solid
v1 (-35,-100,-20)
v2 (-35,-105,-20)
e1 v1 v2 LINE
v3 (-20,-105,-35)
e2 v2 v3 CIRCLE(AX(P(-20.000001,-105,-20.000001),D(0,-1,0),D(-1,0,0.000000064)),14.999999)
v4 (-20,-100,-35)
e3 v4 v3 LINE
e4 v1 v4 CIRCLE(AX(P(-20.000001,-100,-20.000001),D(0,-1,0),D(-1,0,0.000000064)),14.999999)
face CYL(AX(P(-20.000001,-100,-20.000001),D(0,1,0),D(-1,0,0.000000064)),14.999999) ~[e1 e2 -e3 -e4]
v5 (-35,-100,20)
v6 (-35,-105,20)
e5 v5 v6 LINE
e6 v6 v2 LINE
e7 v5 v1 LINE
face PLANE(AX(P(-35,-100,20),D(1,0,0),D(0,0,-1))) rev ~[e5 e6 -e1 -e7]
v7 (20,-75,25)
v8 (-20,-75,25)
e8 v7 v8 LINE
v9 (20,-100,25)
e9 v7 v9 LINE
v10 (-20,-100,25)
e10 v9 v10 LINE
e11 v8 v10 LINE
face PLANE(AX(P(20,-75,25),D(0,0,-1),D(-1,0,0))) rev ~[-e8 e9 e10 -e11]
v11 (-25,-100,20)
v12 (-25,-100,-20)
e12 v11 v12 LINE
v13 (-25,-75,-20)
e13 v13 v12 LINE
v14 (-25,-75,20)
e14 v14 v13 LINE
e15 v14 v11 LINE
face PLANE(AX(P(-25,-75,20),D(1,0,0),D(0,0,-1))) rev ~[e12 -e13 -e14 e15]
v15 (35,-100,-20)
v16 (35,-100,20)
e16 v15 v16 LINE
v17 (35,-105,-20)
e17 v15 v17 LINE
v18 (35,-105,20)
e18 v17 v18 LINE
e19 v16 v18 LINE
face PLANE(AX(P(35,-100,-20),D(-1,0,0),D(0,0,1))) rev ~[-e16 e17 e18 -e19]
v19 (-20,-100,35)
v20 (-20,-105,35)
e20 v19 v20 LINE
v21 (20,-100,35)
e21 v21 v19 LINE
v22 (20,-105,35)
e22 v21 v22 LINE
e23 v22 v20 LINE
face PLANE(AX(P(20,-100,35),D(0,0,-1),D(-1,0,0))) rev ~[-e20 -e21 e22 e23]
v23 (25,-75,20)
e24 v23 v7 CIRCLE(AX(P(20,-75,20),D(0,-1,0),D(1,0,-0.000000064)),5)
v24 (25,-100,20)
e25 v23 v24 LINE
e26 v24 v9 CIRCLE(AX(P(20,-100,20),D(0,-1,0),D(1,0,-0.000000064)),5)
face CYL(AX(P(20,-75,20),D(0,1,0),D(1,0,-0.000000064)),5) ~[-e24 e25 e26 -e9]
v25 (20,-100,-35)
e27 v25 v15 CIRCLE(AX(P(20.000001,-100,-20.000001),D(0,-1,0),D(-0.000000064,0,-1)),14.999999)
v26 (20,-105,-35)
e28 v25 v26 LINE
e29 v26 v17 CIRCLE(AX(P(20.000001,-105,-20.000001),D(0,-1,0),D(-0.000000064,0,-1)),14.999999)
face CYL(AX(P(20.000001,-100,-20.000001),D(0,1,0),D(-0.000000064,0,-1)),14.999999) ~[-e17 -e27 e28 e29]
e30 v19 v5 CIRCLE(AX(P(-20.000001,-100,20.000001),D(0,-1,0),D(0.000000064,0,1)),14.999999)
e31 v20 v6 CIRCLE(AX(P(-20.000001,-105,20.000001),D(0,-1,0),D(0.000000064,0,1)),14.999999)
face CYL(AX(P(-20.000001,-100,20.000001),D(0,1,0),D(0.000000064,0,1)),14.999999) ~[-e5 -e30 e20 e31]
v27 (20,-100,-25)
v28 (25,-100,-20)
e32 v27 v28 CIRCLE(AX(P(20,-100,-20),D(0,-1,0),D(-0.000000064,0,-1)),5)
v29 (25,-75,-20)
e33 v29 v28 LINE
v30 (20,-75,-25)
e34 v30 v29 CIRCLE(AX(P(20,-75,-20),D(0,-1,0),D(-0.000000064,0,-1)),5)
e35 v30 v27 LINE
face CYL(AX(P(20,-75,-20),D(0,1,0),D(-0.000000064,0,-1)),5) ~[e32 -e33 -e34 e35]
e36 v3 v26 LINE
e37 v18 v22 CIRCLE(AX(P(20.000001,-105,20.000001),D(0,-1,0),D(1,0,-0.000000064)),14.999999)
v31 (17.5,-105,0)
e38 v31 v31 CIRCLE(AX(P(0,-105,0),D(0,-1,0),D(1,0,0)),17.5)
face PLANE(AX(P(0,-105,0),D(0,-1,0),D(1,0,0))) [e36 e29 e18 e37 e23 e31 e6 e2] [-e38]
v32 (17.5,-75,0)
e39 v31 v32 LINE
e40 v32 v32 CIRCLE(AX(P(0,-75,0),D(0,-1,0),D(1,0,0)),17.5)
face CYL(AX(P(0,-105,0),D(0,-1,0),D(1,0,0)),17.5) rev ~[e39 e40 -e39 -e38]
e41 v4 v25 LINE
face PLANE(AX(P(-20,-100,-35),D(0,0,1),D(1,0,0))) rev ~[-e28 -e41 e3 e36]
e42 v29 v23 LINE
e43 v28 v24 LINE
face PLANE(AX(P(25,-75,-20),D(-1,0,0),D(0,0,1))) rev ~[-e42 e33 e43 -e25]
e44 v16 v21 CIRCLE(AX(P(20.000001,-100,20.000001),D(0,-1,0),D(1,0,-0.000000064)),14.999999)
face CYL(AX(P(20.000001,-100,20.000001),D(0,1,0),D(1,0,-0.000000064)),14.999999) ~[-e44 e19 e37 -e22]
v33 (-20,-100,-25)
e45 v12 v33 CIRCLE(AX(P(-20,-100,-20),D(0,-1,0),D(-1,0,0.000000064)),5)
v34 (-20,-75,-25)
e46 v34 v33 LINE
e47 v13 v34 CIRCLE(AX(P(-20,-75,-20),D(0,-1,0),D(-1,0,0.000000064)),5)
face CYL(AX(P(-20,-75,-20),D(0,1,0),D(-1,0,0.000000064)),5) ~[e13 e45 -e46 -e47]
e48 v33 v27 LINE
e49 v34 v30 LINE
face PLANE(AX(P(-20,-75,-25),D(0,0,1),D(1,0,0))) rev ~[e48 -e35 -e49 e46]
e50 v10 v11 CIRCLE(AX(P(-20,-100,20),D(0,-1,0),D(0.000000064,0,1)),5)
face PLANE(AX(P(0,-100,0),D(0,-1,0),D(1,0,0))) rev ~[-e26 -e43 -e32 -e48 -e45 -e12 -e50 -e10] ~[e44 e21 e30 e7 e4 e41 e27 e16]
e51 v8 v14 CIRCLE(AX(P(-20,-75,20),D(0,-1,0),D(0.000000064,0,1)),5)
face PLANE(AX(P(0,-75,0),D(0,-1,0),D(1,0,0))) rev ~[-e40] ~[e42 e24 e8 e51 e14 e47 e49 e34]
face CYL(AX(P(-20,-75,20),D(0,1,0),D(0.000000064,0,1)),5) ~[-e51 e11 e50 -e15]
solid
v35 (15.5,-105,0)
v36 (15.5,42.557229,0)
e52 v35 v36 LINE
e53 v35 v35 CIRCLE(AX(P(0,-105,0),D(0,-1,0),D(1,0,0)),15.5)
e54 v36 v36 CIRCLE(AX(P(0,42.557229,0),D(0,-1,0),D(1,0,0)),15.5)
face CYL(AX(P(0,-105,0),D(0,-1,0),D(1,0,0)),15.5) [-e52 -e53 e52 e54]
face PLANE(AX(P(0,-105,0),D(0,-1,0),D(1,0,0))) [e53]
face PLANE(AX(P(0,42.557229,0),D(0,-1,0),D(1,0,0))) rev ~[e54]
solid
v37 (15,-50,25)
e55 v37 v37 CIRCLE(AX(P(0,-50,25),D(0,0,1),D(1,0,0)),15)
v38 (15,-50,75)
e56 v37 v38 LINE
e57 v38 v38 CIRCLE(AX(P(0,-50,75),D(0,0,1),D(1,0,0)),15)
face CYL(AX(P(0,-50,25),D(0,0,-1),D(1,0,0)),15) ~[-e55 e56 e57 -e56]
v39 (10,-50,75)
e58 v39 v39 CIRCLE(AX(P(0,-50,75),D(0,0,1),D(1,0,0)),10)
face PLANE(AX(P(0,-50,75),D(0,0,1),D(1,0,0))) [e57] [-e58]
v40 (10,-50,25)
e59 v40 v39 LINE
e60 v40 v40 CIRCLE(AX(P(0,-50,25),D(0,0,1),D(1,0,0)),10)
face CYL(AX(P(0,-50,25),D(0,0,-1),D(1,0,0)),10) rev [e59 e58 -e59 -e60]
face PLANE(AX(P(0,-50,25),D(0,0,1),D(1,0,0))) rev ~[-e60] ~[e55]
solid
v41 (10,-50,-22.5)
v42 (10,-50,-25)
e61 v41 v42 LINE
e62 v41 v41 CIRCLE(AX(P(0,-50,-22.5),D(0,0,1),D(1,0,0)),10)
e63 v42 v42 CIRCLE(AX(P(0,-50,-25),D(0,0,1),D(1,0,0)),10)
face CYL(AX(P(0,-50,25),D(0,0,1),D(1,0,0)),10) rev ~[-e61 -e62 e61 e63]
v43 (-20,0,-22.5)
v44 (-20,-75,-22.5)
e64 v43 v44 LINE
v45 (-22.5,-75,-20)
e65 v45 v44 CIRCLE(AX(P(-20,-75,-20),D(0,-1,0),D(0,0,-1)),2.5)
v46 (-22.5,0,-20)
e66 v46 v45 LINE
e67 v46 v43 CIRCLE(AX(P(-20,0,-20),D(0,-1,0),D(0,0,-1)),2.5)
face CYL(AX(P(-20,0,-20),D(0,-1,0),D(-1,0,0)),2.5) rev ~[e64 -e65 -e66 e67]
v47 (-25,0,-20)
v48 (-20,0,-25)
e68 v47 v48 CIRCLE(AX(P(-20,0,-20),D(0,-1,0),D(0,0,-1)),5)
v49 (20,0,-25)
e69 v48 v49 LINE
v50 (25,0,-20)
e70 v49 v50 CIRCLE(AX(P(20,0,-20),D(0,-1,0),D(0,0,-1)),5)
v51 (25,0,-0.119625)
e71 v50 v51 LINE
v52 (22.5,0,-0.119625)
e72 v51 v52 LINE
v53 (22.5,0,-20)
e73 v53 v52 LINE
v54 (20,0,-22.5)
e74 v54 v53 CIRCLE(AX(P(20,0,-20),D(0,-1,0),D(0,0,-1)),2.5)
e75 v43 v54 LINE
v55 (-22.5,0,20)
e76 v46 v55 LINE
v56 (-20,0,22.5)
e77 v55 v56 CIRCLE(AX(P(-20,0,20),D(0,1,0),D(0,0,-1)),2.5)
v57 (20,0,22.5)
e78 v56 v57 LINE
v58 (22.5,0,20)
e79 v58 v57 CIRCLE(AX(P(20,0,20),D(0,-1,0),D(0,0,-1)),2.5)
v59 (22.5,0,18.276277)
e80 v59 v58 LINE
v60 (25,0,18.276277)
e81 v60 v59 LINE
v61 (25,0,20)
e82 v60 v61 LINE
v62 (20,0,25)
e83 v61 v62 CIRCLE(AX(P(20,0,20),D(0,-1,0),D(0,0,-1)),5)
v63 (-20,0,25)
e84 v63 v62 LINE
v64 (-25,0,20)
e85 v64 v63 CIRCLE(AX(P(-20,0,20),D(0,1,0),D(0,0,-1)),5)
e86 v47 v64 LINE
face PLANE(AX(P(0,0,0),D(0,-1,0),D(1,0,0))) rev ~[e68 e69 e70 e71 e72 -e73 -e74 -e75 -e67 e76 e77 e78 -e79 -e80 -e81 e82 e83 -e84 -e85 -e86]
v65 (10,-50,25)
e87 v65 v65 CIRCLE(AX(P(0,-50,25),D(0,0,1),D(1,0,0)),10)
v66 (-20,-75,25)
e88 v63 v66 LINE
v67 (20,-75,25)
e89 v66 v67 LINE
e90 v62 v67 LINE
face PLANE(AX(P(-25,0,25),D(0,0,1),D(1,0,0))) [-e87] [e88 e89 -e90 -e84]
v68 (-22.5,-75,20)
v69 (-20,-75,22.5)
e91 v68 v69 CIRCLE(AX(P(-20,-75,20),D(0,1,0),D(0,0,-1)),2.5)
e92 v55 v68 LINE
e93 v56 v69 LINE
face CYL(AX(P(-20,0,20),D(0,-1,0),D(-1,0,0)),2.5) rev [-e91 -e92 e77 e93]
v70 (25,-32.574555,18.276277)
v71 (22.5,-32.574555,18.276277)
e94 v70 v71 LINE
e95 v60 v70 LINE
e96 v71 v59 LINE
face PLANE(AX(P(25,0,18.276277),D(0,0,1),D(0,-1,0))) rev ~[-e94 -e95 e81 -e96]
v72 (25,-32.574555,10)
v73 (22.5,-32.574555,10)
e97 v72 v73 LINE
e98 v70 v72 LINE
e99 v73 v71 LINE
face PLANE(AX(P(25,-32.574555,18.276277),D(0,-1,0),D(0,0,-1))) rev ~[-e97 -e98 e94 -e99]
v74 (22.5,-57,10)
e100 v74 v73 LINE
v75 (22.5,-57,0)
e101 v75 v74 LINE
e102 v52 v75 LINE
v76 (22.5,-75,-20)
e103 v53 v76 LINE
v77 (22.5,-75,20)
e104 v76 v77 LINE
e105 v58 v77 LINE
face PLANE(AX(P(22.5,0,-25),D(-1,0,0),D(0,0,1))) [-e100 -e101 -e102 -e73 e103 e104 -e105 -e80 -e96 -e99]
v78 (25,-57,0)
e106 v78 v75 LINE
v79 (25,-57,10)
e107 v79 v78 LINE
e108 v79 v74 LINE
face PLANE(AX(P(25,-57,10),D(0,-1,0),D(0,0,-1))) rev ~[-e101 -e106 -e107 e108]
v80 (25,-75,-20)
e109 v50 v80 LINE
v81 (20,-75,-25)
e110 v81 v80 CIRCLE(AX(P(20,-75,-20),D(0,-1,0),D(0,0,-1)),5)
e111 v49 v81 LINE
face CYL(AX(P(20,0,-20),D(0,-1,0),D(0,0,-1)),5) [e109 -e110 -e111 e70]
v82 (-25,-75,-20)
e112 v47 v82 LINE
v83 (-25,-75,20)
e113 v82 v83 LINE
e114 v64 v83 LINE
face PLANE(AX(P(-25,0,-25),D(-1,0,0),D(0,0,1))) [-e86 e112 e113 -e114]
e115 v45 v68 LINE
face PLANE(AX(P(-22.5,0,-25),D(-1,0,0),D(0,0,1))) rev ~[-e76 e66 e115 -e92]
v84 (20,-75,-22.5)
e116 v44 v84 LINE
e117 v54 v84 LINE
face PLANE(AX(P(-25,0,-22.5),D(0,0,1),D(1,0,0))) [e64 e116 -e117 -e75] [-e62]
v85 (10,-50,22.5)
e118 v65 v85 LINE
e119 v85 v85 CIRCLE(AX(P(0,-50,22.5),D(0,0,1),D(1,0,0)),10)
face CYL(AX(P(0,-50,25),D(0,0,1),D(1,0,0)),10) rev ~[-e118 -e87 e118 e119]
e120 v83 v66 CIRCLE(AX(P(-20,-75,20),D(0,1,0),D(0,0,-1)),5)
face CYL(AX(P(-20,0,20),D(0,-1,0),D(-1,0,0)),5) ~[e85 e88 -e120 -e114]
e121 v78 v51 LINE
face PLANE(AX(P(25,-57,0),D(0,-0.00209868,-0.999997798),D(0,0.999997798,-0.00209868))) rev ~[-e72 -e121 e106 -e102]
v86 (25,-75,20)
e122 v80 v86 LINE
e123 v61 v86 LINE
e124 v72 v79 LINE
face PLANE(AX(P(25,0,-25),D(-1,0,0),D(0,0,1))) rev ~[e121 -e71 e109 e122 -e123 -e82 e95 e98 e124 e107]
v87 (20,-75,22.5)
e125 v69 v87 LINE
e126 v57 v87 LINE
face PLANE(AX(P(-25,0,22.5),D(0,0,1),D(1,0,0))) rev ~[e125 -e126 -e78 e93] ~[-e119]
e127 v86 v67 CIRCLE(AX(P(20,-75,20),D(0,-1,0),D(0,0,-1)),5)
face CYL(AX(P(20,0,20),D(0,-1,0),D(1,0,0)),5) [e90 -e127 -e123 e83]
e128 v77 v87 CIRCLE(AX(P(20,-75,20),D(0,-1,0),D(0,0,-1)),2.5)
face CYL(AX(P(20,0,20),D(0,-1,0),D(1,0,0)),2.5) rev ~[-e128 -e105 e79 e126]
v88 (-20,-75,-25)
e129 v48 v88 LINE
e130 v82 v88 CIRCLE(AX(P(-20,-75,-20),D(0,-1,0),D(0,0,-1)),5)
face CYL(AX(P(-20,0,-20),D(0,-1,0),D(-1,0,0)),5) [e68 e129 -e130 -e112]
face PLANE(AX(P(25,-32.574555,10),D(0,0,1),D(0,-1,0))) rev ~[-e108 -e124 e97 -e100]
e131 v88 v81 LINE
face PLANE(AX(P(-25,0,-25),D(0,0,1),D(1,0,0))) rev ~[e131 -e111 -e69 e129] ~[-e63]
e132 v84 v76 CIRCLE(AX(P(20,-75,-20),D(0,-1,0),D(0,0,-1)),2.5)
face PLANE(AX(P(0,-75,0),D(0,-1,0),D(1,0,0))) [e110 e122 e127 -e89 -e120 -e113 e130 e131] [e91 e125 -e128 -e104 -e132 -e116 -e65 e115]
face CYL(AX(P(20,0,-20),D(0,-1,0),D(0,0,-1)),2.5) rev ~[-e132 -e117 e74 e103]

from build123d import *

# Parameters (mm, degrees)
F0_W      = 50
F0_H      = 50
F1_DEPTH  = 75
F2_R      = 5
F3_T      = -2.5
F4_R      = 10
F5_DEPTH  = 50.001
F7_DEPTH  = 3
F9_DEPTH  = 25
F11_DEPTH = 5
F12_R     = 17.5
F13_DEPTH = 105.001
F14_R     = 15.5
F15_DEPTH = 147.557229
F16_R     = 15
F16_R_2   = 10
F17_DEPTH = 50


with BuildPart() as f1:
    # F0 (on Front) → F1 (new body)
    with BuildSketch(Plane.XZ):
        Rectangle(F0_W, F0_H)
    extrude(amount=F1_DEPTH)

    # F2
    f2_edges = [f1.edges().sort_by_distance(p)[0] for p in [
        (-25, -37.5, -25),
        (25, -37.5, -25),
        (-25, -37.5, 25),
        (25, -37.5, 25),
    ]]
    fillet(f2_edges, radius=F2_R)

    # F3
    f3_openings = [f1.faces().sort_by_distance(p)[0] for p in [
        (0, -75, 0),
        (0, 0, 0),
    ]]
    offset(amount=F3_T, openings=f3_openings)

    # F4 (on face) → F5 (cut, through all)
    with BuildSketch(Plane.XY.offset(25)):
        with Locations((0, -50)):
            Circle(F4_R)
    extrude(amount=-F5_DEPTH, mode=Mode.SUBTRACT)

    # F6 (on face) → F7 (cut)
    with BuildSketch(Plane.YZ.offset(25)):
        Polygon((-57, 10), (-57, 0), (0, -0.119625), (0, 18.276277), (-32.574555, 18.276277), (-32.574555, 10), align=None)
    extrude(amount=-F7_DEPTH, mode=Mode.SUBTRACT)


with BuildPart() as f9:
    # F8 (on face) → F9 (new body)
    with BuildSketch(Plane.XZ.offset(75)):
        with BuildLine():
            ThreePointArc((25, 20), (23.535534, 23.535534), (20, 25))
            Line((20, 25), (-20, 25))
            ThreePointArc((-20, 25), (-23.535534, 23.535534), (-25, 20))
            Line((-25, 20), (-25, -20))
            ThreePointArc((-25, -20), (-23.535534, -23.535534), (-20, -25))
            Line((-20, -25), (20, -25))
            ThreePointArc((20, -25), (23.535534, -23.535534), (25, -20))
            Line((25, -20), (25, 20))
        make_face()
    extrude(amount=F9_DEPTH)

    # F10 (on face) → F11 (join)
    with BuildSketch(Plane.XZ.offset(100)):
        with BuildLine():
            Line((35, -20), (35, 20))
            ThreePointArc((35, 20), (30.606602, 30.606602), (20, 35))
            Line((20, 35), (-20, 35))
            ThreePointArc((-20, 35), (-30.606602, 30.606602), (-35, 20))
            Line((-35, 20), (-35, -20))
            ThreePointArc((-35, -20), (-30.606602, -30.606602), (-20, -35))
            Line((-20, -35), (20, -35))
            ThreePointArc((20, -35), (30.606602, -30.606602), (35, -20))
        make_face()
    extrude(amount=F11_DEPTH)

    # F12 (on face) → F13 (cut, through all)
    with BuildSketch(Plane.XZ.offset(105)):
        Circle(F12_R)
    extrude(amount=-F13_DEPTH, mode=Mode.SUBTRACT)


with BuildPart() as f15:
    # F14 (on face) → F15 (new body)
    with BuildSketch(Plane.XZ.offset(105)):
        Circle(F14_R)
    extrude(amount=-F15_DEPTH)


with BuildPart() as f17:
    # F16 (on face) → F17 (new body)
    with BuildSketch(Plane.XY.offset(25)):
        with Locations((0, -50)):
            Circle(F16_R)
        with Locations((0, -50)):
            Circle(F16_R_2, mode=Mode.SUBTRACT)
    extrude(amount=F17_DEPTH)


solid = Compound([f1.part, f9.part, f15.part, f17.part])
